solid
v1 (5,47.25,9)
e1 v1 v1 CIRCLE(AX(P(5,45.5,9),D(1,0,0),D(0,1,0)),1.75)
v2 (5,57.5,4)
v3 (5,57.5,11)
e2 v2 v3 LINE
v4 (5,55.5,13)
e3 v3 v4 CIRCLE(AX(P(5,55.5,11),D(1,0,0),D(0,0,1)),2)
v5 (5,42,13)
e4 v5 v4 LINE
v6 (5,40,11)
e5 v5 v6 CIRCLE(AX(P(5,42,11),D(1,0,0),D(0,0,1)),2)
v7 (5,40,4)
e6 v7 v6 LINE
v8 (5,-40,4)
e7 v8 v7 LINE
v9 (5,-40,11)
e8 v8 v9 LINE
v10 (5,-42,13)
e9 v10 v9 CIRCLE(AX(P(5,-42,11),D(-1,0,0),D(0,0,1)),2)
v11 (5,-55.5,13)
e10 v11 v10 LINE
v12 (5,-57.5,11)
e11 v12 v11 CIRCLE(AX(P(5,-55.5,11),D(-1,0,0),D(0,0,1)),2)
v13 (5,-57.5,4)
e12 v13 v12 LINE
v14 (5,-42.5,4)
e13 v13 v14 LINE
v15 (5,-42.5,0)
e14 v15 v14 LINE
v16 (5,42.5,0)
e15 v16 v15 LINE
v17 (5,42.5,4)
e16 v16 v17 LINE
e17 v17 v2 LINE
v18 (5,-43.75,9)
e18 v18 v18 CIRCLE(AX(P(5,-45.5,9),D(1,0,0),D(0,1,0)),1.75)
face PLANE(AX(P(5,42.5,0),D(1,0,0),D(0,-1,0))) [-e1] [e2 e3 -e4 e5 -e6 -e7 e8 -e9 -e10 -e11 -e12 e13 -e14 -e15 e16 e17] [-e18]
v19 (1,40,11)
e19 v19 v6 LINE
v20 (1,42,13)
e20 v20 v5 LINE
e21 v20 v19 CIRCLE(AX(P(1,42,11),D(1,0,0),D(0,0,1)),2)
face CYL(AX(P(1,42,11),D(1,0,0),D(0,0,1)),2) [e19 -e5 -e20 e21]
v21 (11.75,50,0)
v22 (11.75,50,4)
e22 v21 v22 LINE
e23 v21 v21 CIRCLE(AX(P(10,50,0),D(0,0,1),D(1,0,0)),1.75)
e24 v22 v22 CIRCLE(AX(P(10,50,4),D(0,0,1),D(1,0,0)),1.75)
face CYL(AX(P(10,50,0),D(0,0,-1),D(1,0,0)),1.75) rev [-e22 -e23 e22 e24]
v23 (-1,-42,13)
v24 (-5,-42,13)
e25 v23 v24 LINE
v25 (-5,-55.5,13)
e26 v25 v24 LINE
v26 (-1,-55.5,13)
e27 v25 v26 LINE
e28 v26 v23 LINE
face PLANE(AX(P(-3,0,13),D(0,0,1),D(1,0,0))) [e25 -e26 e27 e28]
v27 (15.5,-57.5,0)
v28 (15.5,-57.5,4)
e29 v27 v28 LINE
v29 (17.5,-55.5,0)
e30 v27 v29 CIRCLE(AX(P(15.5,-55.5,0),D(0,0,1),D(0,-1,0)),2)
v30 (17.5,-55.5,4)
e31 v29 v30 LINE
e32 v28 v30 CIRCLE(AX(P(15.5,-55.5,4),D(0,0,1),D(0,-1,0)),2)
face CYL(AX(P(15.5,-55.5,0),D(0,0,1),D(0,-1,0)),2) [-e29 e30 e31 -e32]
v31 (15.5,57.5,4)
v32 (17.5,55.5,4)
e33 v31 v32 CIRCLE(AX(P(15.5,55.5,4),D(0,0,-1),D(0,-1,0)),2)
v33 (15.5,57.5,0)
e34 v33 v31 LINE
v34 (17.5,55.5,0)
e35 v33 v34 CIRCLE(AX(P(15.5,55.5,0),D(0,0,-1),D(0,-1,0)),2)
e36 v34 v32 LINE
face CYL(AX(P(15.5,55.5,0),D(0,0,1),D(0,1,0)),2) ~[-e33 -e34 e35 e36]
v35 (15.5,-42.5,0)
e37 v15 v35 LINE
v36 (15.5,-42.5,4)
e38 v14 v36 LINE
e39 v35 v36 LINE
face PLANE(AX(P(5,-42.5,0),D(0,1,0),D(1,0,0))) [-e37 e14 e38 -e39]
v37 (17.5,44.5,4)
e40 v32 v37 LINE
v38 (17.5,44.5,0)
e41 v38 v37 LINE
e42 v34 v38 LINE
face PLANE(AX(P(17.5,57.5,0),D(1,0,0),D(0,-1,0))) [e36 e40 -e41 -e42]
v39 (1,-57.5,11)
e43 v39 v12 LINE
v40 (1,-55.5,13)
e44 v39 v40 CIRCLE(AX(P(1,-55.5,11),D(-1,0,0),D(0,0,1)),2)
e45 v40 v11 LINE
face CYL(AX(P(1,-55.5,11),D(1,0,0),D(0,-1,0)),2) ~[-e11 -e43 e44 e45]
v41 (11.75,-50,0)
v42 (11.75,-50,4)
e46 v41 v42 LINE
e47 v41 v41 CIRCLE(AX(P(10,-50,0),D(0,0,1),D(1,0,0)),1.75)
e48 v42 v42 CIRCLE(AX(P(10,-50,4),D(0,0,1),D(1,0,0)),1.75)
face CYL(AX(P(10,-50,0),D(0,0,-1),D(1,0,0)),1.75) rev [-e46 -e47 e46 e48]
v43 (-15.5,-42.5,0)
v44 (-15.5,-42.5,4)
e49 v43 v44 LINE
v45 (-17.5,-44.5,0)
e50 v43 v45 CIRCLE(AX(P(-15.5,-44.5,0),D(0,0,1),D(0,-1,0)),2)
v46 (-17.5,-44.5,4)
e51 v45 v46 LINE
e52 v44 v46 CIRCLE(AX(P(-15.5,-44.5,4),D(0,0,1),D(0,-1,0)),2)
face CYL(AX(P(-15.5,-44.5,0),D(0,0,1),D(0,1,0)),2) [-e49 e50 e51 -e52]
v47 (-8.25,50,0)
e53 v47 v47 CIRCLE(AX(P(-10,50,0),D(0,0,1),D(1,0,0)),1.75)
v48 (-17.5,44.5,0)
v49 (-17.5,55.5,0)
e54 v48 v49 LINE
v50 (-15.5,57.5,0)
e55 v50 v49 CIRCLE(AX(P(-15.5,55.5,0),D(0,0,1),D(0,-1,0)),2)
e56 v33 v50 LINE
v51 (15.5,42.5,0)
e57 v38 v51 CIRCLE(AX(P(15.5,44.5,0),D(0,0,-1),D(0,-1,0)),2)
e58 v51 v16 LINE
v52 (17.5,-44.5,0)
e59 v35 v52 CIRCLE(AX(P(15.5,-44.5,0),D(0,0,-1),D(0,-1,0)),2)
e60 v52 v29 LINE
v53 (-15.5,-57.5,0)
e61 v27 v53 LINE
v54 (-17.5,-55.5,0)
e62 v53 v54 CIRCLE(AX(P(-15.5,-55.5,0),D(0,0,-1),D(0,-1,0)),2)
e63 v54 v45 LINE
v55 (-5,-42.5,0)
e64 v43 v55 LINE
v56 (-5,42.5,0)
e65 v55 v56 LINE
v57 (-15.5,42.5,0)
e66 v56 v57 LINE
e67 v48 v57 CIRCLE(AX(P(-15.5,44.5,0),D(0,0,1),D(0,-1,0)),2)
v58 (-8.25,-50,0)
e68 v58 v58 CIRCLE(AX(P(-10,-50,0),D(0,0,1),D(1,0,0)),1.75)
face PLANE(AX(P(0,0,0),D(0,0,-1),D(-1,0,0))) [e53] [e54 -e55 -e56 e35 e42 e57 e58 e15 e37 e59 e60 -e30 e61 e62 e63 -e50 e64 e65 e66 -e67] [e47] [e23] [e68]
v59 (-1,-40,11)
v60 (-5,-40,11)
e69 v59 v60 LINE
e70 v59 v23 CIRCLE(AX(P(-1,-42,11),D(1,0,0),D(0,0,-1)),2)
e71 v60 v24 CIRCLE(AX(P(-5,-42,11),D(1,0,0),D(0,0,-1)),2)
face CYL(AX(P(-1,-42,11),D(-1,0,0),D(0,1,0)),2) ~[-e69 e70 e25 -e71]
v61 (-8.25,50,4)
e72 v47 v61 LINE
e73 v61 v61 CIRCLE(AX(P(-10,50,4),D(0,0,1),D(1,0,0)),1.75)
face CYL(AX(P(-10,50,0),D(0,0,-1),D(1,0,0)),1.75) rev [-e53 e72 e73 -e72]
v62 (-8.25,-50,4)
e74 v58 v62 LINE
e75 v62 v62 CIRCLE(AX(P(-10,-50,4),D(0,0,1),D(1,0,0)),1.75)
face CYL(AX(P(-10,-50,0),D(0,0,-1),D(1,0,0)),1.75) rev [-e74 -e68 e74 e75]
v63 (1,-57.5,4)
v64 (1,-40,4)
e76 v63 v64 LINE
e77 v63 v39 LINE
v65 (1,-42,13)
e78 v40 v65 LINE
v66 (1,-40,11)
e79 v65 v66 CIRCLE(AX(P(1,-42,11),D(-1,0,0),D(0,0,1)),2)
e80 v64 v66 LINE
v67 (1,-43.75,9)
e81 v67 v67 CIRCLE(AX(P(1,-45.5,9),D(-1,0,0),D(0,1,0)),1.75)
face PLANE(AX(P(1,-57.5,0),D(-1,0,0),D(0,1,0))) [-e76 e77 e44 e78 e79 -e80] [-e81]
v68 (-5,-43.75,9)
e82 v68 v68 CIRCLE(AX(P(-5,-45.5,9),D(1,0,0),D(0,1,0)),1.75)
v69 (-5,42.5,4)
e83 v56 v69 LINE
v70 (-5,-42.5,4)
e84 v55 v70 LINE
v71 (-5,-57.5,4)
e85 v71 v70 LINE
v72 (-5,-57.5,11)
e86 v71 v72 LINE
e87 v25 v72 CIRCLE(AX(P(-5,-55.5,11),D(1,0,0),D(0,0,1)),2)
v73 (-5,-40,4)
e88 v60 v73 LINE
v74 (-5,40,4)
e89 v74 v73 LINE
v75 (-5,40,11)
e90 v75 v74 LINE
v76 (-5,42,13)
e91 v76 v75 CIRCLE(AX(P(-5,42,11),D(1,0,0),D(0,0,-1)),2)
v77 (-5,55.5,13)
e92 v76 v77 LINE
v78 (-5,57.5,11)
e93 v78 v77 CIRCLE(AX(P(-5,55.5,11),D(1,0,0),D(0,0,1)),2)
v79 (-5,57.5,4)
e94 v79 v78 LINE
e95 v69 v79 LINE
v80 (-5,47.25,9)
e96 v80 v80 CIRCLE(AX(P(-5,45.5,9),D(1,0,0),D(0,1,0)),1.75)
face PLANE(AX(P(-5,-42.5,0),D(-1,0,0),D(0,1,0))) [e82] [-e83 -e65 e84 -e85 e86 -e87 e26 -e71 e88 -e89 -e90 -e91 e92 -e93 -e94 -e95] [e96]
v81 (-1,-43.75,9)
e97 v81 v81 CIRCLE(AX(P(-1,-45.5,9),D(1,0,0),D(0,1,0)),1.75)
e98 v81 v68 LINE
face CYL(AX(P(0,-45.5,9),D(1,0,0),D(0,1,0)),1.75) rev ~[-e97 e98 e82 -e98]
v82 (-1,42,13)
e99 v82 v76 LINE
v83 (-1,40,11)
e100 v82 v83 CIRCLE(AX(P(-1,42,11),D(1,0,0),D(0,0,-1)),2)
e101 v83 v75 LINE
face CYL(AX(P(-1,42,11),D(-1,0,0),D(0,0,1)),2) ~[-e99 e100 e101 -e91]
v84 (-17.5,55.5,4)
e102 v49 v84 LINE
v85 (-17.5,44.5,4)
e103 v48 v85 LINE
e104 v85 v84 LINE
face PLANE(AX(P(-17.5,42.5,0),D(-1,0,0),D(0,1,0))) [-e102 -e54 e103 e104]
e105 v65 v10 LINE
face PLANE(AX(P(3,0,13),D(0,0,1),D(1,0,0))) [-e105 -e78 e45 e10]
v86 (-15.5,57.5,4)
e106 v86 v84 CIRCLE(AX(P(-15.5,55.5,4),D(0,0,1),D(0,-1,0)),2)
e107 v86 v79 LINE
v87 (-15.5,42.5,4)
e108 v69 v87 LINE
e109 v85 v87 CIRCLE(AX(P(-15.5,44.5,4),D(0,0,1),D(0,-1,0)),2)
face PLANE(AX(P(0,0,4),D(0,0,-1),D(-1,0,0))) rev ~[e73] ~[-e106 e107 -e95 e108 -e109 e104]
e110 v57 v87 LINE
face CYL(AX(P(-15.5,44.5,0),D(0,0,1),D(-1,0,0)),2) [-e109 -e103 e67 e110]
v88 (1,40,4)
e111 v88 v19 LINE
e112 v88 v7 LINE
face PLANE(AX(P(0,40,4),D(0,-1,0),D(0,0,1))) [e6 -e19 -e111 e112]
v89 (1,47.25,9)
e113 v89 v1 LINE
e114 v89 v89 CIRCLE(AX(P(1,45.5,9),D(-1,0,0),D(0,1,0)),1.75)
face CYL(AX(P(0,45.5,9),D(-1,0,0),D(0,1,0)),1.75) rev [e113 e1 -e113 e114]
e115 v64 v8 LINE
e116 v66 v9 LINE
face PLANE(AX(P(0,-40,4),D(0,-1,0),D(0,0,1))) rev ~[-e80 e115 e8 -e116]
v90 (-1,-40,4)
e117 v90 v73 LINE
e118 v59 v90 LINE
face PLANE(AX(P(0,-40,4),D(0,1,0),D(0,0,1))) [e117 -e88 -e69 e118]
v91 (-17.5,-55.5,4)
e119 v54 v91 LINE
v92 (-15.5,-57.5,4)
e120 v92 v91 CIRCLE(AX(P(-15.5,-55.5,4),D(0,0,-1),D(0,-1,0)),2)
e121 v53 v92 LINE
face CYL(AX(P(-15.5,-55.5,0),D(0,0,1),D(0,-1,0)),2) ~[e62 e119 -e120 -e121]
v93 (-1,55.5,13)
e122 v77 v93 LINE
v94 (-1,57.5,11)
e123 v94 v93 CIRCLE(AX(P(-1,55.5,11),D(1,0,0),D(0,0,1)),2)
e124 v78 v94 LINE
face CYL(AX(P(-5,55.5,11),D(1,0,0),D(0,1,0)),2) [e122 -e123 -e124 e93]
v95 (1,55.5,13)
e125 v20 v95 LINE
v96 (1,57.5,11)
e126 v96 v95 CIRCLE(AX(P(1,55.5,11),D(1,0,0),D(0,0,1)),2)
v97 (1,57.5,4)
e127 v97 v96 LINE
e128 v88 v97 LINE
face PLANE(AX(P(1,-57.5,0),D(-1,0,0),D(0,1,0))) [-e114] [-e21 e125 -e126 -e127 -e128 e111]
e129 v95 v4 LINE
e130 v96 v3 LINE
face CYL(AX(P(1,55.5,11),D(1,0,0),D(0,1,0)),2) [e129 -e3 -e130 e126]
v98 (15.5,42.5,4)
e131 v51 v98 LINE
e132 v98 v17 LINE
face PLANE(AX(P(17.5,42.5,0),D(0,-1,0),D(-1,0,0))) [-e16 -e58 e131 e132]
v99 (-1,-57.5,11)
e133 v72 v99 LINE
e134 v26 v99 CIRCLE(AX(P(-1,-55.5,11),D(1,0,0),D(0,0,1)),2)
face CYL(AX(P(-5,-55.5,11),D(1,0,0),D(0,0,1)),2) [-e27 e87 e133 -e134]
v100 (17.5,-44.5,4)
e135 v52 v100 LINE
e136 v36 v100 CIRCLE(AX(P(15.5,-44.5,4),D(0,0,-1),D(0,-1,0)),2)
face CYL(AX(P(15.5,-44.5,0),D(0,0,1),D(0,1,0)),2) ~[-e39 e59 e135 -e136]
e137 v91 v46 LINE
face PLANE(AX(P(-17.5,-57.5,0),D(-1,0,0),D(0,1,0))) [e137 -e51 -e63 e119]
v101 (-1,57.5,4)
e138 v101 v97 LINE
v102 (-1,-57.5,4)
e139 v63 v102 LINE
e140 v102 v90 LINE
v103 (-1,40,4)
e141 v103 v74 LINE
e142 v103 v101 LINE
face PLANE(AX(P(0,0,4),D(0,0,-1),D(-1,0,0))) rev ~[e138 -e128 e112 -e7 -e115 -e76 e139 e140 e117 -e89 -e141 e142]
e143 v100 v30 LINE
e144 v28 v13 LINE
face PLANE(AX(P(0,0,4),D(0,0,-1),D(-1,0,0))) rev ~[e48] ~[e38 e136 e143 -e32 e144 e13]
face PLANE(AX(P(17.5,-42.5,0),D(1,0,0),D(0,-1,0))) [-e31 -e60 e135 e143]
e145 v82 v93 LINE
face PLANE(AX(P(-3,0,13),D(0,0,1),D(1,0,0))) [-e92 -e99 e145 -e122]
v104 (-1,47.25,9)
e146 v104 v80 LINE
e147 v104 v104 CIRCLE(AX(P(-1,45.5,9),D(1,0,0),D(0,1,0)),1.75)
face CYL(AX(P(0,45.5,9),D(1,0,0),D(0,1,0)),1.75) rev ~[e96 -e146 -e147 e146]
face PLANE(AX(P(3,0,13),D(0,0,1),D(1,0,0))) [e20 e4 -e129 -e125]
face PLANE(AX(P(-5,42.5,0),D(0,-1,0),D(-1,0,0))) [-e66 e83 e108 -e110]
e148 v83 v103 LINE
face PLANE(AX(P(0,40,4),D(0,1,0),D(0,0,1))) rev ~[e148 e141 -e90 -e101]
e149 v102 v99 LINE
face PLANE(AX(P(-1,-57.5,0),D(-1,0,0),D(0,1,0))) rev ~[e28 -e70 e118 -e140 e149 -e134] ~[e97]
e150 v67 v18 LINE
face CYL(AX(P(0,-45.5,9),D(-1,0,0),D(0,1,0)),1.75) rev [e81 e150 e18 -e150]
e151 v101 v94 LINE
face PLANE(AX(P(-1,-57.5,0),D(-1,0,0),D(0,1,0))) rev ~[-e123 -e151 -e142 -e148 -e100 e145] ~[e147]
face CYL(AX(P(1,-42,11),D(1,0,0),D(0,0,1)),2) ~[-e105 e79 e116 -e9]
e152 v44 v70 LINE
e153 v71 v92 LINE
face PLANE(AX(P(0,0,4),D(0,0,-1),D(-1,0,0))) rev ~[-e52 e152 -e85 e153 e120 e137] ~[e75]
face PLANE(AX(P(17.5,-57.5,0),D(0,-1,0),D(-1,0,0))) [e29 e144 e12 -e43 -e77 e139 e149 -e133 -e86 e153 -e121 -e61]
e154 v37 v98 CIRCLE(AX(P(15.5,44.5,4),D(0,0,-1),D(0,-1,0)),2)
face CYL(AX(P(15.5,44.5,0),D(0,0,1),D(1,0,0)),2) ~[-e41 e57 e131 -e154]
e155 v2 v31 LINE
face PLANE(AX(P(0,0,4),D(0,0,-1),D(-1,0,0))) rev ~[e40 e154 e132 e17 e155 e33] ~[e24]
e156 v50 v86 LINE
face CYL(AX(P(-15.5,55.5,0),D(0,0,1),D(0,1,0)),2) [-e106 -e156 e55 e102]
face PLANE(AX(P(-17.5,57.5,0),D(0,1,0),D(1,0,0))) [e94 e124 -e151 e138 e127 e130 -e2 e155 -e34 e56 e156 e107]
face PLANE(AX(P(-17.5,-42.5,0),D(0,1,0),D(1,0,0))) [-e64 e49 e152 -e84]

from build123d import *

# Parameters (mm, degrees)
SKETCH_R          = 1.75
PAD_DEPTH         = 4
SKETCH001_W       = 4
SKETCH001_H       = 115
PAD001_DEPTH      = 13
SKETCH002_R       = 1.75
SKETCH002_W       = 80
SKETCH002_H       = 9
POCKET_DEPTH      = 10
POCKET_DEPTH_BACK = -5
FILLET_R          = 2


with BuildPart() as part:
    # Sketch → Pad (new body)
    with BuildSketch(Plane.XY):
        Polygon((-17.5, 57.5), (17.5, 57.5), (17.5, 42.5), (5, 42.5), (5, -42.5), (17.5, -42.5), (17.5, -57.5), (-17.5, -57.5), (-17.5, -42.5), (-5, -42.5), (-5, 42.5), (-17.5, 42.5), align=None)
        with Locations((-10, 50)):
            Circle(SKETCH_R, mode=Mode.SUBTRACT)
        with Locations((10, 50)):
            Circle(SKETCH_R, mode=Mode.SUBTRACT)
        with Locations((-10, -50)):
            Circle(SKETCH_R, mode=Mode.SUBTRACT)
        with Locations((10, -50)):
            Circle(SKETCH_R, mode=Mode.SUBTRACT)
    extrude(amount=PAD_DEPTH)

    # Sketch001 → Pad001 (join)
    with BuildSketch(Plane.XY):
        with Locations((-3, 0)):
            Rectangle(SKETCH001_W, SKETCH001_H)
        with Locations((3, 0)):
            Rectangle(SKETCH001_W, SKETCH001_H)
    extrude(amount=PAD001_DEPTH)

    # Sketch002 → Pocket (cut, two sides)
    with BuildSketch(Plane.YZ) as pocket_sk:
        with Locations((45.5, 9)):
            Circle(SKETCH002_R)
        with Locations((-45.5, 9)):
            Circle(SKETCH002_R)
        with Locations((0, 8.5)):
            Rectangle(SKETCH002_W, SKETCH002_H)
    extrude(amount=-POCKET_DEPTH, mode=Mode.SUBTRACT)
    extrude(pocket_sk.sketch, amount=-POCKET_DEPTH_BACK, mode=Mode.SUBTRACT)

    # Fillet
    fillet_edges = [part.edges().sort_by_distance(p)[0] for p in [
        (-3, -40, 13),
        (3, -40, 13),
        (-3, 40, 13),
        (3, 40, 13),
        (-3, 57.5, 13),
        (3, 57.5, 13),
        (17.5, 57.5, 2),
        (17.5, 42.5, 2),
        (3, -57.5, 13),
        (-3, -57.5, 13),
        (17.5, -42.5, 2),
        (17.5, -57.5, 2),
        (-17.5, -42.5, 2),
        (-17.5, -57.5, 2),
        (-17.5, 42.5, 2),
        (-17.5, 57.5, 2),
    ]]
    fillet(fillet_edges, radius=FILLET_R)


solid = part.part
